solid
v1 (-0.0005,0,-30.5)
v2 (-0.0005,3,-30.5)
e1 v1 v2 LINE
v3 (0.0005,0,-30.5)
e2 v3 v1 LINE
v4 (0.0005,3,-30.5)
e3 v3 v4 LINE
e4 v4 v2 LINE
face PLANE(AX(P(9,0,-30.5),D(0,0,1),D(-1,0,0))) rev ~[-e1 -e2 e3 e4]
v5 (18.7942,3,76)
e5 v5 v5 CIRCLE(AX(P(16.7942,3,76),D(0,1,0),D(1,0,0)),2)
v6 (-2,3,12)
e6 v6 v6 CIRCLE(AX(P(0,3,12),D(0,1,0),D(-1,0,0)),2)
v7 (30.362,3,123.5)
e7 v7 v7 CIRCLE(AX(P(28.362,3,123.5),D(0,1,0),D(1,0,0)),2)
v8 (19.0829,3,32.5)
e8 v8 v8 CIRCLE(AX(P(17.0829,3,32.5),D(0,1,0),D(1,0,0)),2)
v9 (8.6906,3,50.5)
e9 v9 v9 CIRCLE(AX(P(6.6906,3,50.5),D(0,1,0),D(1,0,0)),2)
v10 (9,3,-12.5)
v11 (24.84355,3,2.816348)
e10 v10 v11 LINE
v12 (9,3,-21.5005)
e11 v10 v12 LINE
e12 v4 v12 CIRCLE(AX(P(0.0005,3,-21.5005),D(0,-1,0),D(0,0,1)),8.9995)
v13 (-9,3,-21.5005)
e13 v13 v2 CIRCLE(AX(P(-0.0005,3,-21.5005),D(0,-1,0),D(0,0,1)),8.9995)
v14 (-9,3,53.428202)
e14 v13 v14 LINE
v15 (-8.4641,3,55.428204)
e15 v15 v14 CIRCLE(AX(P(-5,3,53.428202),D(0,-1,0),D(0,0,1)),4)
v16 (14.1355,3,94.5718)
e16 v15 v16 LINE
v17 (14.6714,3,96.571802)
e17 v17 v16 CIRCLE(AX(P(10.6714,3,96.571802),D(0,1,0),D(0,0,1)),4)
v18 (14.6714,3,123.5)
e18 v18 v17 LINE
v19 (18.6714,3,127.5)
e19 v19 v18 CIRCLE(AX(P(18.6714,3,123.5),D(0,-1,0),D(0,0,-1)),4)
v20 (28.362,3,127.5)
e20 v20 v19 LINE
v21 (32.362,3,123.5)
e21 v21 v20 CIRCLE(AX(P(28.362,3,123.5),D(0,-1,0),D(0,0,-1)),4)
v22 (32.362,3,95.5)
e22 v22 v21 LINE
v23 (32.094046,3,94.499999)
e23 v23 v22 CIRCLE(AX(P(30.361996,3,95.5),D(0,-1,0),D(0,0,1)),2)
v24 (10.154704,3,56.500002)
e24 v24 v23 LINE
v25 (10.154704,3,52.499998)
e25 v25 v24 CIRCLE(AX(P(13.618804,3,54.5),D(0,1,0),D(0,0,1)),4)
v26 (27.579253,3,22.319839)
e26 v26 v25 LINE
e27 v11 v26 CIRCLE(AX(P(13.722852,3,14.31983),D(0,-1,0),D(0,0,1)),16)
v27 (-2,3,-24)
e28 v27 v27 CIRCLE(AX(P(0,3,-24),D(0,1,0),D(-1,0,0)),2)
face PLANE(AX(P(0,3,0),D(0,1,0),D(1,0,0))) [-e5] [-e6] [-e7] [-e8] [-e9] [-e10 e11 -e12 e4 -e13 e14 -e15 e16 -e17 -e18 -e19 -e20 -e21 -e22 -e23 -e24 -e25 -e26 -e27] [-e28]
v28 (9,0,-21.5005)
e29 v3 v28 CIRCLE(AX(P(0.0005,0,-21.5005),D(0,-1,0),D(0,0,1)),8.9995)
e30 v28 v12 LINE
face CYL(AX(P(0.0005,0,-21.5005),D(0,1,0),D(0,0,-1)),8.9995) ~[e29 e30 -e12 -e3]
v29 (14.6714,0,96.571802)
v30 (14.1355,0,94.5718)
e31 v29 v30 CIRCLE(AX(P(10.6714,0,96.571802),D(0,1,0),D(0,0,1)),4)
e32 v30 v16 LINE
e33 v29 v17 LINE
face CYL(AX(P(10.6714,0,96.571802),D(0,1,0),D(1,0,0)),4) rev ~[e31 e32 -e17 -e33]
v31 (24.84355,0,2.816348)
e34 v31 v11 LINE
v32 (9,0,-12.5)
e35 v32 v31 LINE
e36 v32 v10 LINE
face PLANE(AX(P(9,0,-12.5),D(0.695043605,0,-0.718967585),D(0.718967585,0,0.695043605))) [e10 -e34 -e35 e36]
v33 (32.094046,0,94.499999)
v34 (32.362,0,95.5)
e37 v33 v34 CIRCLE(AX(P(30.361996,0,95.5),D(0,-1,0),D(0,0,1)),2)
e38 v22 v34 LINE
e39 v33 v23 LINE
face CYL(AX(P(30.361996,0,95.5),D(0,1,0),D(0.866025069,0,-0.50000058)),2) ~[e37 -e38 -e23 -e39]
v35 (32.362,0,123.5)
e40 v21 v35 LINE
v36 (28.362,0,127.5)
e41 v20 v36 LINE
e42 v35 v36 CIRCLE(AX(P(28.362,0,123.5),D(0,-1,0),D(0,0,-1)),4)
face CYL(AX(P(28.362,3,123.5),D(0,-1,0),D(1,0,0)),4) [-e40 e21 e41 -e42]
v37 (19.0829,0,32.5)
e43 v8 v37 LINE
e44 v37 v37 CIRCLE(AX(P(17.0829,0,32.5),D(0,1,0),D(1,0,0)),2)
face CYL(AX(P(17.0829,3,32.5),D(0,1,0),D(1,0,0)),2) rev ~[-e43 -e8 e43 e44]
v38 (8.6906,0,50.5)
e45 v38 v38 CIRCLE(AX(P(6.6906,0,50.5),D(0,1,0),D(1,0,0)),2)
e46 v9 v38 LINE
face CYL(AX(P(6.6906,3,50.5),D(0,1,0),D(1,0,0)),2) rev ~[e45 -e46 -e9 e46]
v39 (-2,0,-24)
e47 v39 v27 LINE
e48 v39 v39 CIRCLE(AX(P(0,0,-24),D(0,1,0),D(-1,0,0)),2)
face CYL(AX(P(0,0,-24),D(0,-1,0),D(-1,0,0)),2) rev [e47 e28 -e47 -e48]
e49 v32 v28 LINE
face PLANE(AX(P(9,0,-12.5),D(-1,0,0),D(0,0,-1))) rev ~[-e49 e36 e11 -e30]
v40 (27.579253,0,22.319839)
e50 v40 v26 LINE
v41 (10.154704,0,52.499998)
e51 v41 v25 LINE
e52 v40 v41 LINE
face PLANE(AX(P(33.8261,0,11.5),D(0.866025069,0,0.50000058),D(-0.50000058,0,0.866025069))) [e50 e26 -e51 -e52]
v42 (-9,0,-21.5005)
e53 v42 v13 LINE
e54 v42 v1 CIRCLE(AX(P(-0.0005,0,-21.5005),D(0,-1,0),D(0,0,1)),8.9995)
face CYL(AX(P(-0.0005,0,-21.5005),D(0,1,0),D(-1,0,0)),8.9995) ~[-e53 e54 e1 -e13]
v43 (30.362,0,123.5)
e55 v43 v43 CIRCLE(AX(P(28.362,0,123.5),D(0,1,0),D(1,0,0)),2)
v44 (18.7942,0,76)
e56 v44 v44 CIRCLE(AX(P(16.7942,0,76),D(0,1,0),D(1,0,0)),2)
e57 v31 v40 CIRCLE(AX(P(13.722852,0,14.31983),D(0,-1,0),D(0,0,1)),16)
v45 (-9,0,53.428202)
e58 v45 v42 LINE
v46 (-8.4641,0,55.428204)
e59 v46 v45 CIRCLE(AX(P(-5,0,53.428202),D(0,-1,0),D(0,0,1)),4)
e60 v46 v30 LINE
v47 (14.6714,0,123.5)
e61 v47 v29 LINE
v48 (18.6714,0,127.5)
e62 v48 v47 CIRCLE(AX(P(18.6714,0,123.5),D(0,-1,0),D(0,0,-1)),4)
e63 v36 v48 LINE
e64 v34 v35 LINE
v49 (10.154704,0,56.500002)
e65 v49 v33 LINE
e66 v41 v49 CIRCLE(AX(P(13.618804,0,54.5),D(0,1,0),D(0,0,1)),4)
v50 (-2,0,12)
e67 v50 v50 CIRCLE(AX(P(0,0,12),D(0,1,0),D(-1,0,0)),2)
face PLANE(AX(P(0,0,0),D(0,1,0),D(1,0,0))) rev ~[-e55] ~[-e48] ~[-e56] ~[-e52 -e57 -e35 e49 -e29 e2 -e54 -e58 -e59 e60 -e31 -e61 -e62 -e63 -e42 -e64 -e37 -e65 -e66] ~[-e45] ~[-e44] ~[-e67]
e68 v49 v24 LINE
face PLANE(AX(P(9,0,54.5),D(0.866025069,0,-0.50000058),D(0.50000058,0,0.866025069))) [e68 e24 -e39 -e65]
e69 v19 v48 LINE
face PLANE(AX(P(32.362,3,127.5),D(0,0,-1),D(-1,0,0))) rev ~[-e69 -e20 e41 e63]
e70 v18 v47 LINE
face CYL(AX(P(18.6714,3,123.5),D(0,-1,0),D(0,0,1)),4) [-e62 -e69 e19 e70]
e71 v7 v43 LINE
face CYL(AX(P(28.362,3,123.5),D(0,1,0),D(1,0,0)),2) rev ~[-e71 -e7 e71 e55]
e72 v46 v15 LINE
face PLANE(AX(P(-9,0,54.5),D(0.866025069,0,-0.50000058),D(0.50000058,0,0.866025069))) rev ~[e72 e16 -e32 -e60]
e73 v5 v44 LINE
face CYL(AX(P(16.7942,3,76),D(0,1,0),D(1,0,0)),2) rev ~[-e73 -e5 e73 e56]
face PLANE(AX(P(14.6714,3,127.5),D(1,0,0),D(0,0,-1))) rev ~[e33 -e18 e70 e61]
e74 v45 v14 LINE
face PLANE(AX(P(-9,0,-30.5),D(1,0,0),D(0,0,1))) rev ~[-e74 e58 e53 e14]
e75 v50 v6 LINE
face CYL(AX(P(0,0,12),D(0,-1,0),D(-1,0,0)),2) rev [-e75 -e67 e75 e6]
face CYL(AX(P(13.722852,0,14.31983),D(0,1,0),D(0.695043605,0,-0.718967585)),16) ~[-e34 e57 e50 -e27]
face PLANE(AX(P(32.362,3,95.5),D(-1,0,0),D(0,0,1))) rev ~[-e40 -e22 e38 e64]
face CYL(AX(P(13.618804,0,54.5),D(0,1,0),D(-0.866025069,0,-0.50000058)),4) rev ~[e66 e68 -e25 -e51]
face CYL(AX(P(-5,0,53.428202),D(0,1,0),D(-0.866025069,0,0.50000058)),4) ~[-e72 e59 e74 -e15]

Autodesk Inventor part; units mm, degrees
ref_plane "YZ Plane" through (0, 0, 0) normal (1, 0, 0) x (0, 1, 0)
ref_plane "XZ Plane" through (0, 0, 0) normal (0, 1, 0) x (-1, 0, 0)
ref_plane "XY Plane" through (0, 0, 0) normal (0, 0, 1) x (1, 0, 0)
sketch "Sketch1" plane through (0, 0, 0) normal (0, 1, 0) x (-1, 0, 0)
  line L0 (9, 30.5) -> (-9, 30.5) construction
  line L1 (-9, 30.5) -> (-9, -12.5) construction
  line L2 (-9, -30.5) -> (9, -30.5)
  line L3 (9, 30.5) -> (-9, -30.5) construction
  line L4 (-9, 30.5) -> (9, -30.5) construction
  circle A0 centre (0, -24) radius 2
  circle A1 centre (0, 12) radius 2
  line L5 (9, 30.5) -> (-9, 30.5) construction
  line L6 (-33.8261, 11.5) -> (-15.8261, 11.5) construction
  line L7 (-33.8261, 11.5) -> (-9, 54.5)
  line L8 (-15.8261, 11.5) -> (14.1464, 63.4139) construction
  line L9 (-9, 54.5) -> (-33.8261, 97.5)
  line L10 (9, 54.5) -> (-15.8261, 97.5)
  line L11 (-33.8261, 97.5) -> (-15.8261, 97.5)
  line L12 (-15.8261, 11.5) -> (9, 11.5) construction
  line L13 (-9, -12.5) -> (-33.8261, 11.5)
  line L14 (-9, -12.5) -> (-9, -30.5)
  line L15 (9, -30.5) -> (9, 11.5)
  line L16 (9, 11.5) -> (9, 54.5)
  point P0 (0, 0)
  dimension "d0" = 18
  dimension "d1" = 61
  dimension "d2" = 4
  dimension "d3" = 24
  dimension "d4" = 4
  dimension "d5" = 36
  dimension "d8" = 18
  dimension "d9" = 43
  dimension "d10" = 60
  dimension "d11" = 120
  dimension "d14" = 18
  dimension "d15" = 24
extrude "Extrusion1" add sketch "Sketch1" along normal blind 3
fillet "Fillet1" radius 16 1 edges at (33.8261, 1.5, 11.5)
fillet "Fillet2" radius 4 1 edges at (9, 1.5, 54.5)
fillet "Fillet3" radius 2 1 edges at (33.8261, 1.5, 97.5)
fillet "Fillet4" radius 4 2 edges at (15.8261, 1.5, 97.5) (-9, 1.5, 54.5)
fillet "Fillet5" radius 9 2 edges at (9, 1.5, -30.5) (-9, 1.5, -30.5)
sketch "Sketch2" plane through (0, 3, 0) normal (0, 1, 0) x (1, 0, 0)
  arc A0 (9, 21.5) -> (-9, 21.5) centre (0, 21.5) ccw construction
  line L0 (-9, 21.5) -> (-9, -53.4282) construction
  arc A1 (-9, -53.4282) -> (-8.4641, -55.4282) centre (-5, -53.4282) ccw construction
  line L1 (-8.4641, -55.4282) -> (14.6714, -95.5) construction
  arc A2 (14.6714, -95.5) -> (18.1355, -97.5) centre (18.1355, -93.5) ccw construction
  line L2 (18.1355, -97.5) -> (30.362, -97.5) construction
  arc A3 (30.362, -97.5) -> (32.094, -94.5) centre (30.362, -95.5) ccw construction
  line L3 (32.094, -94.5) -> (10.1547, -56.5) construction
  arc A4 (10.1547, -52.5) -> (10.1547, -56.5) centre (13.6188, -54.5) ccw construction
  line L4 (10.1547, -52.5) -> (27.5792, -22.3198) construction
  arc A5 (27.5792, -22.3198) -> (24.8435, -2.8164) centre (13.7228, -14.3198) ccw construction
  line L5 (24.8435, -2.8164) -> (9, 12.5) construction
  line L6 (9, 12.5) -> (9, 21.5) construction
  circle A6 centre (0, -12) radius 2 construction
  circle A7 centre (0, 24) radius 2 construction
  line L7 (5.6099, 10.2137) -> (22.0634, -5.6922) construction
  arc A8 (24.1151, -20.3198) -> (22.0634, -5.6922) centre (13.7228, -14.3198) ccw construction
  line L8 (24.1151, -20.3198) -> (6.6906, -50.5) construction
  arc A9 (6.6906, -50.5) -> (6.6906, -58.5) centre (13.6188, -54.5) ccw construction
  line L9 (6.6906, -58.5) -> (26.8979, -93.5) construction
  line L10 (26.8979, -93.5) -> (18.1355, -93.5)
  line L11 (18.1355, -93.5) -> (-5, -53.4282)
  line L12 (-5, -53.4282) -> (-5, 21.5)
  arc A10 (5, 21.5) -> (-5, 21.5) centre (0, 21.5) ccw
  line L13 (5, 21.5) -> (5, 11.6517) construction
  circle A11 centre (5, 10.8034) radius 2
  arc A12 (5, 11.6517) -> (5.6099, 10.2137) centre (7, 11.6517) ccw construction
  circle A13 centre (22.0634, -5.6922) radius 2
  circle A14 centre (17.0829, -32.5) radius 2
  circle A15 centre (6.6906, -50.5) radius 2
  circle A16 centre (26.8979, -93.5) radius 2
  circle A17 centre (16.7942, -76) radius 2
  point P0 (0, 0)
  dimension "d22" = 4
  dimension "d23" = 4
  dimension "d26" = 2
  dimension "d27" = 4
  dimension "d28" = 4
  dimension "d29" = 4
  dimension "d30" = 4
  dimension "d40" = 18
  dimension "d41" = 4
sketch "Sketch3" plane through (0, 3, 0) normal (0, 1, 0) x (1, 0, 0)
  arc A0 (30.362, -97.5) -> (32.094, -94.5) centre (30.362, -95.5) ccw projected
  line L0 (32.362, -95.5) -> (32.362, -127.5)
  line L1 (32.362, -127.5) -> (14.6714, -127.5)
  arc A1 (14.6714, -95.5) -> (18.1355, -97.5) centre (18.1355, -93.5) ccw projected
  line L2 (14.6714, -127.5) -> (14.6714, -95.5)
  line L3 (18.1355, -97.5) -> (30.362, -97.5) projected
  point P0 (0, 0)
  dimension "d31" = 32
extrude "Extrusion3" add sketch "Sketch3" against normal up to surface (3 mm away)
fillet "Fillet6" radius 4 3 edges at (14.6714, 1.5, 95.5) (14.6714, 1.5, 127.5) (32.362, 1.5, 127.5)
extrude "Extrusion2" cut sketch "Sketch2" against normal through all contours A14 | A15 | A17
sketch "Sketch4" plane through (0, 3, 0) normal (0, 1, 0) x (1, 0, 0)
  circle A0 centre (28.362, -123.5) radius 2
  line L0 (32.362, -123.5) -> (32.362, -95.5) projected
  line L1 (18.6714, -127.5) -> (28.362, -127.5) projected
  point P0 (0, 0)
  dimension "d35" = 4
  dimension "d36" = 4
  dimension "d37" = 4
extrude "Extrusion4" cut sketch "Sketch4" against normal through all
equation "\"d11\" = 2 * d10"
properties part number "ClawGrabPlate" material "Aluminum 6061"
